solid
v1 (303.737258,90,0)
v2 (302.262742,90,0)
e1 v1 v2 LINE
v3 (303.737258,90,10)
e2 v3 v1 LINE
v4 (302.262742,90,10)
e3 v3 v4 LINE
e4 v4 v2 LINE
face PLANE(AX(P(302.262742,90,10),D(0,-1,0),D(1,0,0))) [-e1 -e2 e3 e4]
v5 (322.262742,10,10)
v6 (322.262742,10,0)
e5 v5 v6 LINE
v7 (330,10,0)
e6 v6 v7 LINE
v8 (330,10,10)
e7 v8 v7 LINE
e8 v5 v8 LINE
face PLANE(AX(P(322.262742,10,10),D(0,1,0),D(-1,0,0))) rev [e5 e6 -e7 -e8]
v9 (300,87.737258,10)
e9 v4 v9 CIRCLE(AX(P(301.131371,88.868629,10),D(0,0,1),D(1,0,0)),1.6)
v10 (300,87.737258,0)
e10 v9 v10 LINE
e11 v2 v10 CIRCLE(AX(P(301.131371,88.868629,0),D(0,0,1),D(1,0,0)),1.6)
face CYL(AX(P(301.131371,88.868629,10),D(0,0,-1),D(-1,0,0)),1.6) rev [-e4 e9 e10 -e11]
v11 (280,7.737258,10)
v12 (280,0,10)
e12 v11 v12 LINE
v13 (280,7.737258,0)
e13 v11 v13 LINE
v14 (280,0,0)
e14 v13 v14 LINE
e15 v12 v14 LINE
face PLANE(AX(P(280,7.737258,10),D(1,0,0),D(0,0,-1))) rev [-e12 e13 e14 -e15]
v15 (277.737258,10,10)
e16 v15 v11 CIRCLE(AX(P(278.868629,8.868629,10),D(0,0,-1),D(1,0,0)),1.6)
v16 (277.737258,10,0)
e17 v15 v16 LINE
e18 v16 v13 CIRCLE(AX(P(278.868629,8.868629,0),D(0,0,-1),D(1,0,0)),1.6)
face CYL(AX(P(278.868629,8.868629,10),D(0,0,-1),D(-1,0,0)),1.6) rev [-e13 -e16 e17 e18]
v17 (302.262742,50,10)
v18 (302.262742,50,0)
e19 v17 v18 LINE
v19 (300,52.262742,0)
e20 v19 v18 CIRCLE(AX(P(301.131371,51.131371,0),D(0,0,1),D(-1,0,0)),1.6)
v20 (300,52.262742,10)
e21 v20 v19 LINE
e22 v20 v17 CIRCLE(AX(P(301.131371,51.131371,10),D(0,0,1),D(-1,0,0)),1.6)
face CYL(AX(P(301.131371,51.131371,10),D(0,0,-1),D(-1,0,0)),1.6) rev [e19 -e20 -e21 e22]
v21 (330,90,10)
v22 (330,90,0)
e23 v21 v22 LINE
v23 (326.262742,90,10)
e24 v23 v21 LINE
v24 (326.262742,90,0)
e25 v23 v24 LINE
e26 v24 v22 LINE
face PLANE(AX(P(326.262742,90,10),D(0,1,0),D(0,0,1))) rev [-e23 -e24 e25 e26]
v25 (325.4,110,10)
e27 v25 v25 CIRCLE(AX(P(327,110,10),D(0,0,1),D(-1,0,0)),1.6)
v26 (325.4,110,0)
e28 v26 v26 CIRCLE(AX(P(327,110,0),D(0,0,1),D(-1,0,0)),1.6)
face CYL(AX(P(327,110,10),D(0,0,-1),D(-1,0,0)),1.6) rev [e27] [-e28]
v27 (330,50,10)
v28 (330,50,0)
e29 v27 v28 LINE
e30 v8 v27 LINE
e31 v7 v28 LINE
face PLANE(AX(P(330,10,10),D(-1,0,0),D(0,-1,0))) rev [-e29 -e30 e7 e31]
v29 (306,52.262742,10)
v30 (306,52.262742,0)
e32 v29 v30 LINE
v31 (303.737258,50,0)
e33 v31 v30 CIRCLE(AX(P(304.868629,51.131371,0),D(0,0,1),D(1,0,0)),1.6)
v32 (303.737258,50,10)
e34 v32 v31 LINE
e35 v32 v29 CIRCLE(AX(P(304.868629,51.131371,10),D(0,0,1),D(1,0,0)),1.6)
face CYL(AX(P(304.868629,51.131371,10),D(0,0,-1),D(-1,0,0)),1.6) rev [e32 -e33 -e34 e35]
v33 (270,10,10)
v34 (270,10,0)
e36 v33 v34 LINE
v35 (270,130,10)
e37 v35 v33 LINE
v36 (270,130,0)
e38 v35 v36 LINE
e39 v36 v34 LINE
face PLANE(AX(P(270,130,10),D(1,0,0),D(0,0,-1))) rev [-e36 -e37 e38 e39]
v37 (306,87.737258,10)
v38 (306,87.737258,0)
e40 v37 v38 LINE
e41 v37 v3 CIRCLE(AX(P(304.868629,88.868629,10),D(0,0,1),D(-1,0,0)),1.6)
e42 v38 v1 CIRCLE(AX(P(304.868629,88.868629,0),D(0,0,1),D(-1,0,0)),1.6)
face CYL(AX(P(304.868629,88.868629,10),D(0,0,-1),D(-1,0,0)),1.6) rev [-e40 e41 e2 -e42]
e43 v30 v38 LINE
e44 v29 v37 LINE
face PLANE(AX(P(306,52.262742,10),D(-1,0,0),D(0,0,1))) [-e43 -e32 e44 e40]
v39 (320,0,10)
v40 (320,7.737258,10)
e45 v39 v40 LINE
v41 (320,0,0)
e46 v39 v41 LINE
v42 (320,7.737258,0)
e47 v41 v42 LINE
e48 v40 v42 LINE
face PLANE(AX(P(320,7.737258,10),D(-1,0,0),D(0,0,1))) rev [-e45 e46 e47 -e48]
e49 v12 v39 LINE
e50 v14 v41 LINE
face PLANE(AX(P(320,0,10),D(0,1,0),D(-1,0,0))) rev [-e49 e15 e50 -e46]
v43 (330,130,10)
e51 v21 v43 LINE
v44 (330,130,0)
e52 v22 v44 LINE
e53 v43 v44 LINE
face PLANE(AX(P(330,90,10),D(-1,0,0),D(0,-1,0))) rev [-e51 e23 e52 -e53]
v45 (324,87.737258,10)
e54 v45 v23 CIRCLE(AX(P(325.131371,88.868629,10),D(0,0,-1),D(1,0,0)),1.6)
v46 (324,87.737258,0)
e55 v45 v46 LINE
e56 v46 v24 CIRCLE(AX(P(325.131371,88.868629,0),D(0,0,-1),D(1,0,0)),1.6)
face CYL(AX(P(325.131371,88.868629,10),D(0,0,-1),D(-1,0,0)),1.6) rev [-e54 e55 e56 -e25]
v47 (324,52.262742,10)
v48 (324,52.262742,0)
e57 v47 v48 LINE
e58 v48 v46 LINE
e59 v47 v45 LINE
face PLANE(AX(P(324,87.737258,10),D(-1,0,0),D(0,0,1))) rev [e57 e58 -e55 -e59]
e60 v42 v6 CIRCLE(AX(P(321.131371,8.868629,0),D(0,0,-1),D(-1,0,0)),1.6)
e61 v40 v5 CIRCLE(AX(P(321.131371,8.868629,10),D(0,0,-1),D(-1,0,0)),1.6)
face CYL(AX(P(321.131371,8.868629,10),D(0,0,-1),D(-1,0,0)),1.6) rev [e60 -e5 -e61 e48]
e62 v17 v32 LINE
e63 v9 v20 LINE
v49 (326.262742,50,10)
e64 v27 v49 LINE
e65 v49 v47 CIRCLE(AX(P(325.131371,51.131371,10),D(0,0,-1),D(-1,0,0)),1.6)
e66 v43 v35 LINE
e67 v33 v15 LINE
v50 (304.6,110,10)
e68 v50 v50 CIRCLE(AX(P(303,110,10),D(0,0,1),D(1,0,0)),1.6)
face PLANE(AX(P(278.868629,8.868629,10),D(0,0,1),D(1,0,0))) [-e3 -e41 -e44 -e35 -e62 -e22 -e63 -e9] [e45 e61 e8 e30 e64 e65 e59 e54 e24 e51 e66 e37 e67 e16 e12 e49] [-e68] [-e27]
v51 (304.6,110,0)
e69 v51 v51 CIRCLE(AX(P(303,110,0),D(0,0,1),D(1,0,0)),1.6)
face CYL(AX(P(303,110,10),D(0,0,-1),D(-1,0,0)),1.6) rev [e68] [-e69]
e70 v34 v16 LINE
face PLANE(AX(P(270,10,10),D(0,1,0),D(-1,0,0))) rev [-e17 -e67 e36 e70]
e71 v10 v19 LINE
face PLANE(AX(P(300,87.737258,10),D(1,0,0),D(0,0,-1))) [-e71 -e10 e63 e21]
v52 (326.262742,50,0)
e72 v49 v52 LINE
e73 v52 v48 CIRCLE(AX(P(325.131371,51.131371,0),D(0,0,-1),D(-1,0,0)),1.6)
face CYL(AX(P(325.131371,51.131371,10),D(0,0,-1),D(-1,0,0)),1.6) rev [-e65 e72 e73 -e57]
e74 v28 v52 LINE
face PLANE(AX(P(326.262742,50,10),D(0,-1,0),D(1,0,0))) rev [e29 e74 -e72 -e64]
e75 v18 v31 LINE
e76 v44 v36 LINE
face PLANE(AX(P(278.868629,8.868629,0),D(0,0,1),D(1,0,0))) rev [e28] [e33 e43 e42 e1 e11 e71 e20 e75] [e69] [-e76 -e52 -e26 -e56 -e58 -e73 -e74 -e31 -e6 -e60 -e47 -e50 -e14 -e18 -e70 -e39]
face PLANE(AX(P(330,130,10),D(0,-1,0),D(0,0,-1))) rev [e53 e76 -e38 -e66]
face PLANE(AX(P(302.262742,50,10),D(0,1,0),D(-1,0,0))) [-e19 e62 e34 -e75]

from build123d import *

# Parameters (mm, degrees)
ESQUISSE1_R      = 1.6
EXTRUSION1_DEPTH = 10


with BuildPart() as part:
    # Esquisse1 → Extrusion1 (new body)
    with BuildSketch(Plane.XY):
        with BuildLine():
            Line((326.2627417, 50), (330, 50))
            Line((330, 50), (330, 10))
            Line((330, 10), (322.2627417, 10))
            ThreePointArc((322.2627417, 10), (320, 10), (320, 7.7372583))
            Line((320, 7.7372583), (320, 0))
            Line((320, 0), (280, 0))
            Line((280, 0), (280, 7.7372583))
            ThreePointArc((280, 7.7372583), (280, 10), (277.7372583, 10))
            Line((277.7372583, 10), (270, 10))
            Line((270, 10), (270, 130))
            Line((270, 130), (330, 130))
            Line((330, 130), (330, 90))
            Line((330, 90), (326.2627417, 90))
            ThreePointArc((326.2627417, 90), (324, 90), (324, 87.7372583))
            Line((324, 87.7372583), (324, 52.2627417))
            ThreePointArc((324, 52.2627417), (324, 50), (326.2627417, 50))
        make_face()
        with Locations(Location((327, 110, 0), (0, 0, 180))):  # turned: the seam where the file's is
            Circle(ESQUISSE1_R, mode=Mode.SUBTRACT)
        with Locations((303, 110)):
            Circle(ESQUISSE1_R, mode=Mode.SUBTRACT)
        with BuildLine():
            Line((302.2627417, 50), (303.7372583, 50))
            ThreePointArc((303.7372583, 50), (306, 50), (306, 52.2627417))
            Line((306, 52.2627417), (306, 87.7372583))
            ThreePointArc((306, 87.7372583), (306, 90), (303.7372583, 90))
            Line((303.7372583, 90), (302.2627417, 90))
            ThreePointArc((302.2627417, 90), (300, 90), (300, 87.7372583))
            Line((300, 87.7372583), (300, 52.2627417))
            ThreePointArc((300, 52.2627417), (300, 50), (302.2627417, 50))
        make_face(mode=Mode.SUBTRACT)
    extrude(amount=EXTRUSION1_DEPTH)


solid = part.part
